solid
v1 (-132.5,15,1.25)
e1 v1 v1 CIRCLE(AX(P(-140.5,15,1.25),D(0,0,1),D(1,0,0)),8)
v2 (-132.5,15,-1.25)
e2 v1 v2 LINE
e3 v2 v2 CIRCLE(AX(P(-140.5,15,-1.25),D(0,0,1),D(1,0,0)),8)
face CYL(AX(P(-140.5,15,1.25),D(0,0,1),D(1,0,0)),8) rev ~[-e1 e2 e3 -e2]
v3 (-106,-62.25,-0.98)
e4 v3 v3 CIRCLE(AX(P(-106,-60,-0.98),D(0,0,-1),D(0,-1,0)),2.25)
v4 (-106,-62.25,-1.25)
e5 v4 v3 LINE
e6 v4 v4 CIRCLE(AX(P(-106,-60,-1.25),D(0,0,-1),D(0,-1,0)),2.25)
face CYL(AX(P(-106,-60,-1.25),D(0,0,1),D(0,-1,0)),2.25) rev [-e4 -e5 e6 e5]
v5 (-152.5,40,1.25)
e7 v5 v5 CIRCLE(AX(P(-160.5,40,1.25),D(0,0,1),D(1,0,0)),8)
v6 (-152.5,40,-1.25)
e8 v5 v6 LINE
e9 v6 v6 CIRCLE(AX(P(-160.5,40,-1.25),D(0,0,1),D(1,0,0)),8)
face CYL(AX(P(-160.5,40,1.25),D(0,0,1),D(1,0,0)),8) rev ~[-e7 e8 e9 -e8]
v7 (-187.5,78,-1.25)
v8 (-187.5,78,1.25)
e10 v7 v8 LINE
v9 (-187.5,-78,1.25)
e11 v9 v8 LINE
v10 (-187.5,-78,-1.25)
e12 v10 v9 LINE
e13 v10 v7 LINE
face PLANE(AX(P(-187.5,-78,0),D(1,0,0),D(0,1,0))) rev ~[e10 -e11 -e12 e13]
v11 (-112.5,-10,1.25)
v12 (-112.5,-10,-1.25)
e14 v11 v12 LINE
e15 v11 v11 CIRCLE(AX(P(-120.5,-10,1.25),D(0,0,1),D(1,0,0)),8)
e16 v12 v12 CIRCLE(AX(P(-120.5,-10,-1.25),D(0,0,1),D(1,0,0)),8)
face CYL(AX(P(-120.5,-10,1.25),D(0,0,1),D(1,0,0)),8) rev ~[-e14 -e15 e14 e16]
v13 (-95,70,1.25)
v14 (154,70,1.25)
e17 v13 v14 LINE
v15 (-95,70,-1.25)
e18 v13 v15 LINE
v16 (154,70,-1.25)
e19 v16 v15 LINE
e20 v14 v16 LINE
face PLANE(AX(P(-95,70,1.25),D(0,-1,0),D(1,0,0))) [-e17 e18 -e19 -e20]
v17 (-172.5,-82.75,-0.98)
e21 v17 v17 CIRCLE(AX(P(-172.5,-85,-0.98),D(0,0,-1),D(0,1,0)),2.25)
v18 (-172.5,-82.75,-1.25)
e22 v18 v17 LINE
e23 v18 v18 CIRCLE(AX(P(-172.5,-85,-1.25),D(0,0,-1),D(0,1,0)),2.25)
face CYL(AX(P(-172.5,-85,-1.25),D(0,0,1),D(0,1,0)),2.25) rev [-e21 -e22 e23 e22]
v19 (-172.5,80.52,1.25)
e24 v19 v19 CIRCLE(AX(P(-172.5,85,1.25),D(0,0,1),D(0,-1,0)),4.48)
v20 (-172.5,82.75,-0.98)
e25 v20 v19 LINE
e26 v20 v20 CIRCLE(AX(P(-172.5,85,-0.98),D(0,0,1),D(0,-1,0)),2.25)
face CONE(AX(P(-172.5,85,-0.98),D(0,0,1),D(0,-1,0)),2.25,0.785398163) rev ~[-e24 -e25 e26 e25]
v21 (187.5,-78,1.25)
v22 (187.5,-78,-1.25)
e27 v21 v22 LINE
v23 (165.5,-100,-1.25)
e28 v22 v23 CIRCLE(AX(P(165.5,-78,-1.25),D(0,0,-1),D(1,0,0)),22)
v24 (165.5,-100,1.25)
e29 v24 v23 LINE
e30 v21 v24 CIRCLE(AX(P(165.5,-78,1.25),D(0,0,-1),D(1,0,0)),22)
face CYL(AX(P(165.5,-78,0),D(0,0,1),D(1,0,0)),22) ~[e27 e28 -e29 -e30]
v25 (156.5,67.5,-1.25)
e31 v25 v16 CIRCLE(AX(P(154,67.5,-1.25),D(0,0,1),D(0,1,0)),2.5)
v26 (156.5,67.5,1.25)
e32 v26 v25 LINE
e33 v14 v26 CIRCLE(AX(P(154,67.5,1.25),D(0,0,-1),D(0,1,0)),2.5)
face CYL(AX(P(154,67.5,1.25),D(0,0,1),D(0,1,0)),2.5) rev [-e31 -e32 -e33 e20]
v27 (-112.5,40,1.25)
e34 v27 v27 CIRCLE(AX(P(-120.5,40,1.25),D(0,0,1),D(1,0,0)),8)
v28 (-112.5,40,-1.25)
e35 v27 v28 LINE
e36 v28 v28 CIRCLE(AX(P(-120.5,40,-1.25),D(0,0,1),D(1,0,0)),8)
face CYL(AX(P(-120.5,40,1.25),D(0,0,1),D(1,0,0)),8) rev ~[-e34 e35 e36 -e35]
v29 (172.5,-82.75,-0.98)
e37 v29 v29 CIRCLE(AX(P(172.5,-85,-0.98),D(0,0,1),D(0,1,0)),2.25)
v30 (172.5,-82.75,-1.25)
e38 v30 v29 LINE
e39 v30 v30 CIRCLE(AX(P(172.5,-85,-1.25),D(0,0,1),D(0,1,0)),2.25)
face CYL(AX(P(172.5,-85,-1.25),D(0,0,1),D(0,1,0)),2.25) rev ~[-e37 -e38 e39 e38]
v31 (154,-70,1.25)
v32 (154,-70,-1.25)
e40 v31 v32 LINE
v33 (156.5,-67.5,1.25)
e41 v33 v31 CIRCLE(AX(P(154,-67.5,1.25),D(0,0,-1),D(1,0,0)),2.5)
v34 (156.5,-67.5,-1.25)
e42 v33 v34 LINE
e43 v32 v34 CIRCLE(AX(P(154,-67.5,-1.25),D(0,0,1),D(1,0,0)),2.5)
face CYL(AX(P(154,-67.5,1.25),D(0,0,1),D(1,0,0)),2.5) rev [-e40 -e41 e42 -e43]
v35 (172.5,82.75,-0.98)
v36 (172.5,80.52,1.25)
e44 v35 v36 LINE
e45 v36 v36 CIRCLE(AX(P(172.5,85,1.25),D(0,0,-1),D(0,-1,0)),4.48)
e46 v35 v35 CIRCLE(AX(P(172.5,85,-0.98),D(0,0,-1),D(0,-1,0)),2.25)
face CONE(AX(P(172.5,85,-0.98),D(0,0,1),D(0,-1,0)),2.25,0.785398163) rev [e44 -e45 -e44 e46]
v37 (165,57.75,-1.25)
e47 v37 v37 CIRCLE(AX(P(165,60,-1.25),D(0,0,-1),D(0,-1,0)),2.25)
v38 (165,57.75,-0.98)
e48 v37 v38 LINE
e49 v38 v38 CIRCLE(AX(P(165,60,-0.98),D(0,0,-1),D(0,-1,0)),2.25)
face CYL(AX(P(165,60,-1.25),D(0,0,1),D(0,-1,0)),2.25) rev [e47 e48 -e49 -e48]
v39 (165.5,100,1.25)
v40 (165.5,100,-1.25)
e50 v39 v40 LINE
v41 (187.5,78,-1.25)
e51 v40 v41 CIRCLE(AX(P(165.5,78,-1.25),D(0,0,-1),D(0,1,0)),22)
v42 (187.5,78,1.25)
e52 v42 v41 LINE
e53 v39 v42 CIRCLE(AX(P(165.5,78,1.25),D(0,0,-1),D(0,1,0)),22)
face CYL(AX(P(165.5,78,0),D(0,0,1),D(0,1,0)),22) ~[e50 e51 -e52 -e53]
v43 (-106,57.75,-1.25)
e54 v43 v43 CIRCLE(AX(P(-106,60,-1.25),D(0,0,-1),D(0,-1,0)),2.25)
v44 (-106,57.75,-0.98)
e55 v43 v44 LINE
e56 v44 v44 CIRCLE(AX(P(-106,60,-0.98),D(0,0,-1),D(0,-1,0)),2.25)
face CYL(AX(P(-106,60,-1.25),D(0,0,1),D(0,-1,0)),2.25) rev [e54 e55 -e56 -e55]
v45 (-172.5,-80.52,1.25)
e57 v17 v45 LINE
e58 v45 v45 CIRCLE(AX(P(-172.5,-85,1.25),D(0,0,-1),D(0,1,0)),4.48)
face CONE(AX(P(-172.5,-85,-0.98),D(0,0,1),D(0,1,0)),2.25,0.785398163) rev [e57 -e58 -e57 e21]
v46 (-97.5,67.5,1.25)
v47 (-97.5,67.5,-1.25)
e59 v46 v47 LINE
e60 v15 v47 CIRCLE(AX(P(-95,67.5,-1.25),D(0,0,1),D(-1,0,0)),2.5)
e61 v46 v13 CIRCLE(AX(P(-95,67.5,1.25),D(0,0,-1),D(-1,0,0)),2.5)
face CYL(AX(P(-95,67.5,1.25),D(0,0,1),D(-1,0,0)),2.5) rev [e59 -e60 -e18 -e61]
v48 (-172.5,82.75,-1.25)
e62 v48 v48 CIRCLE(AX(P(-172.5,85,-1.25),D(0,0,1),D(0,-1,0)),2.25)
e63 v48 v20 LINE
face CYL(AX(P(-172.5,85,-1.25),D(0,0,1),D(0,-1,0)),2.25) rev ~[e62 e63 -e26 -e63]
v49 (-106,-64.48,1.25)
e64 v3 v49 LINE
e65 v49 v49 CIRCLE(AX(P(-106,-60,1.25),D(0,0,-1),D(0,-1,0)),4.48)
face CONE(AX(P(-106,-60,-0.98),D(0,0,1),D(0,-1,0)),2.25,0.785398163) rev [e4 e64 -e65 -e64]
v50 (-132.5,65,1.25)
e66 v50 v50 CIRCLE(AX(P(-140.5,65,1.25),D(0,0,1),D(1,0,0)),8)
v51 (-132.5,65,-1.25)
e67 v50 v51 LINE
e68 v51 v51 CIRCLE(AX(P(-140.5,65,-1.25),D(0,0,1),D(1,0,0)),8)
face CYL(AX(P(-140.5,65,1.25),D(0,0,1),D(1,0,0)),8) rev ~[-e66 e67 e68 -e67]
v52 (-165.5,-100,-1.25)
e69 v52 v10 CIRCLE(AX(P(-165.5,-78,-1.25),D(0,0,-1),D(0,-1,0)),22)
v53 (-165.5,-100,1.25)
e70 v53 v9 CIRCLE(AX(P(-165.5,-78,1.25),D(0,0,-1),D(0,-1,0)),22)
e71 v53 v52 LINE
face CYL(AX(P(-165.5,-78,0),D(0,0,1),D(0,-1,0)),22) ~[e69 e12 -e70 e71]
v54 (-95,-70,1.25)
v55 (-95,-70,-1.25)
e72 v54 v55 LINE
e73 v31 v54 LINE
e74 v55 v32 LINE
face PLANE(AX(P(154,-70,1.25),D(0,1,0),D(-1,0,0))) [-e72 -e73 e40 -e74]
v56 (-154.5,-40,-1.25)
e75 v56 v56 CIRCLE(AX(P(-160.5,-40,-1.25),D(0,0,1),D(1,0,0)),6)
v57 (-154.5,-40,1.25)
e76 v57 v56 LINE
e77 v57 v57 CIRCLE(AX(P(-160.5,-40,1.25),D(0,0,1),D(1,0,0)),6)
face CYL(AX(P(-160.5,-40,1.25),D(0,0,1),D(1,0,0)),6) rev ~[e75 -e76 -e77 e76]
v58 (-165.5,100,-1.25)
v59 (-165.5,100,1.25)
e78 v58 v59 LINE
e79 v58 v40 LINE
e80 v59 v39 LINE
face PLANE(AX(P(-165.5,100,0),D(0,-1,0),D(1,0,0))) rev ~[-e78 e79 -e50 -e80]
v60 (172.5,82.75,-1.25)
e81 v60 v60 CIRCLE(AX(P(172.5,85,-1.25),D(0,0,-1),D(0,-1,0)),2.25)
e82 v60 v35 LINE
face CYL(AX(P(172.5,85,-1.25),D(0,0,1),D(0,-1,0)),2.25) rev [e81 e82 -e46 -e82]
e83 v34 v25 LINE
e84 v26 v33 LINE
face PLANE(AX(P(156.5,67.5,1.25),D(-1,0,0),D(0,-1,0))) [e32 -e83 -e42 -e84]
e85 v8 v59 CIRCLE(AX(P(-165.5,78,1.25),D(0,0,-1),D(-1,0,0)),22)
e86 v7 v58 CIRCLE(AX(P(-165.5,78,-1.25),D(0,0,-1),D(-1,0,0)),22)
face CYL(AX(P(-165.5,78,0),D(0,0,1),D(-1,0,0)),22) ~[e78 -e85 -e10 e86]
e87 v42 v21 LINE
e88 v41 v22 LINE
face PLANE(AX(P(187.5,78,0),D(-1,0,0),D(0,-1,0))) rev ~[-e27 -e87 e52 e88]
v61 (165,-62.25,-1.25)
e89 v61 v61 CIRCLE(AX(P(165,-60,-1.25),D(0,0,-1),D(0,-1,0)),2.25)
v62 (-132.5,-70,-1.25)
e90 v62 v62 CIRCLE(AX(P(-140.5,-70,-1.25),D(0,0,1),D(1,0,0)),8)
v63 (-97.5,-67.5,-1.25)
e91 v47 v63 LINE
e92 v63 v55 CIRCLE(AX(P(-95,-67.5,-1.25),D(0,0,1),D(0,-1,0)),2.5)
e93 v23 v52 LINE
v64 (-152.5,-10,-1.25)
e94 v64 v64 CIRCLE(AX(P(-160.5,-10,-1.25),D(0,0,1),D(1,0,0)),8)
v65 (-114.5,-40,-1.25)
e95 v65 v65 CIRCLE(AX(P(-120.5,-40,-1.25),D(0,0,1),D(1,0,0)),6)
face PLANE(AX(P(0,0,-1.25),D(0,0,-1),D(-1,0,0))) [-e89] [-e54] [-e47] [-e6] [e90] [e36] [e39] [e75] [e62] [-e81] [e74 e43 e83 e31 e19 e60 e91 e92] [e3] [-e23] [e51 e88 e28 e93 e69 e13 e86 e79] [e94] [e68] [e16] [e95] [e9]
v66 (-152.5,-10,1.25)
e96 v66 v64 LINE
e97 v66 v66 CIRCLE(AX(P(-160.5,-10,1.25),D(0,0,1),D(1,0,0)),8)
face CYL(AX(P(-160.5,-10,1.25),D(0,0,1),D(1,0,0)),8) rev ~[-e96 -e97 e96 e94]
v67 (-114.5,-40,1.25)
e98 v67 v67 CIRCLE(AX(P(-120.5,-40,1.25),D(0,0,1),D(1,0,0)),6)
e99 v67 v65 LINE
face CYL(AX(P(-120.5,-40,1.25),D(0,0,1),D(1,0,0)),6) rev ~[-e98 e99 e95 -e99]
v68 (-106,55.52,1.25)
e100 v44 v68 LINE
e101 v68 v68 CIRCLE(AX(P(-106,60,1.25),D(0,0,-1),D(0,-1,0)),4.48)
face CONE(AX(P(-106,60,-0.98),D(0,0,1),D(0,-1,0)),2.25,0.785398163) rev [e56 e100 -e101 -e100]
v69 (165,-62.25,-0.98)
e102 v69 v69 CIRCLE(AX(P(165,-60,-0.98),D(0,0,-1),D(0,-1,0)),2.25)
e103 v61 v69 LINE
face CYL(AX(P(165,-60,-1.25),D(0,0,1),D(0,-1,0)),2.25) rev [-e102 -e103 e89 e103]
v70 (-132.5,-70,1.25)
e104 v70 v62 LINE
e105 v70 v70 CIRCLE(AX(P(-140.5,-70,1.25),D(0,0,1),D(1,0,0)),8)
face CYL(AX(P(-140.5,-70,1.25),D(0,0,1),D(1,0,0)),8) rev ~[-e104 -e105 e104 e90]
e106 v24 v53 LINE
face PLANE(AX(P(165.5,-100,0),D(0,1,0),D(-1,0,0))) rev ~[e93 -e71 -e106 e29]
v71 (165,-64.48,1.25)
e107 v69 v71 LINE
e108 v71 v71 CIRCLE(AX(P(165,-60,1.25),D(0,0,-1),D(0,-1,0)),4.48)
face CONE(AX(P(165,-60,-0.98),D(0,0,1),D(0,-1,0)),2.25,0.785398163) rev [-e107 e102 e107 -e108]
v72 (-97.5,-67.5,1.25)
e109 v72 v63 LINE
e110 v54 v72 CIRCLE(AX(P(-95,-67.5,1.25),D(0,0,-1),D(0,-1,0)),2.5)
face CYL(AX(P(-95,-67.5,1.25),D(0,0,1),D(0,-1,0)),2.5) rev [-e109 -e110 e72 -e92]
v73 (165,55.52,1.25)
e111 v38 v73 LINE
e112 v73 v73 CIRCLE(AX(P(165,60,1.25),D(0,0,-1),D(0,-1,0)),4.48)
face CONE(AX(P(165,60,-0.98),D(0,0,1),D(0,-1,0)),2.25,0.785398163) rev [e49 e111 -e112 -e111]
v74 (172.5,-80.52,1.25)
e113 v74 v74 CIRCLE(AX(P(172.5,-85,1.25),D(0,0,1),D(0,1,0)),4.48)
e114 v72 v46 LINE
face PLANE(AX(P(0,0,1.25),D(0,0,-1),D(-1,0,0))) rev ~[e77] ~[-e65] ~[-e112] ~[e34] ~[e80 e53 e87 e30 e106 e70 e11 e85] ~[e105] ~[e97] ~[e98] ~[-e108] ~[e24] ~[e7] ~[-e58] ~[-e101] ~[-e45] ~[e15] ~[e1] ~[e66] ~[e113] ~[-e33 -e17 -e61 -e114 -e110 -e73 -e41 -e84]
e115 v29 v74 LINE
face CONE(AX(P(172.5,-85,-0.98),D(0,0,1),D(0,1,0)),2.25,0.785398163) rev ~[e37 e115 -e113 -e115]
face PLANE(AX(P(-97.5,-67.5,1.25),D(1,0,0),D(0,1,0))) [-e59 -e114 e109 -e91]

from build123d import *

# Parameters (mm, degrees)
EXTRUDE1_DEPTH                                 = 1.25
CUT_EXTRUDE4_DEPTH                             = 3.5
ESBO_O6_R                                      = 8
ESBO_O6_R_2                                    = 6
CORTE_EXTRUS_O1_DEPTH                          = 10
ESBO_O7_R                                      = 1
CORTE_EXTRUS_O2_DEPTH                          = 3.5
ESCAREADO_PARA_PARAFUSO_ALLEN_SEXTAV_2_A_COUNT = 2
ESCAREADO_PARA_PARAFUSO_ALLEN_SEXTAV_2_A_PITCH = 120
ESCAREADO_PARA_PARAFUSO_ALLEN_SEXTAV_3_COUNT   = 2
ESCAREADO_PARA_PARAFUSO_ALLEN_SEXTAV_3_PITCH   = 296.379823875
ESCAREADO_PARA_PARAFUSO_ALLEN_SEXTAV_4_COUNT   = 2
ESCAREADO_PARA_PARAFUSO_ALLEN_SEXTAV_4_PITCH   = 271


with BuildPart() as part:
    # Sketch1 → Extrude1 (new body, symmetric)
    with BuildSketch(Plane.XY):
        with BuildLine():
            Line((-165.5, 100), (165.5, 100))
            ThreePointArc((165.5, 100), (181.056349186, 93.556349186), (187.5, 78))
            Line((187.5, 78), (187.5, -78))
            ThreePointArc((187.5, -78), (181.056349186, -93.556349186), (165.5, -100))
            Line((165.5, -100), (-165.5, -100))
            ThreePointArc((-165.5, -100), (-181.056349186, -93.556349186), (-187.5, -78))
            Line((-187.5, -78), (-187.5, 78))
            ThreePointArc((-187.5, 78), (-181.056349186, 93.556349186), (-165.5, 100))
        make_face()
    extrude(amount=EXTRUDE1_DEPTH, both=True)

    # Sketch5 → Cut-Extrude4 (cut, through all)
    with BuildSketch(Plane.XY.offset(1.25)):
        with BuildLine():
            Line((-95, 70), (154, 70))
            ThreePointArc((154, 70), (155.767766953, 69.267766953), (156.5, 67.5))
            Line((156.5, 67.5), (156.5, -67.5))
            ThreePointArc((156.5, -67.5), (155.767766953, -69.267766953), (154, -70))
            Line((154, -70), (-95, -70))
            ThreePointArc((-95, -70), (-96.767766953, -69.267766953), (-97.5, -67.5))
            Line((-97.5, -67.5), (-97.5, 67.5))
            ThreePointArc((-97.5, 67.5), (-96.767766953, 69.267766953), (-95, 70))
        make_face()
    extrude(amount=-CUT_EXTRUDE4_DEPTH, mode=Mode.SUBTRACT)

    # Esboço1 → Escareado para parafuso Allen sextavado (revolve, cut)
    with BuildSketch(Plane(origin=(172.5, 85, 1.25), x_dir=(0, -1, 0), z_dir=(1, 0, 0))):
        Polygon((0, 0), (0, 2.5), (2.25, 2.5), (2.25, 2.23), (4.48, 0), align=None)
    escareado_para_parafuso_allen_sextavado = revolve(axis=Axis((172.5, 85, 7.6), (0, 0, -1)), mode=Mode.SUBTRACT)

    # Espelhar2: Escareado para parafuso Allen sextavado across plane
    add(escareado_para_parafuso_allen_sextavado.mirror(Plane(origin=(0, 0, 0), x_dir=(0, 0, 1), z_dir=(1, 0, 0))), mode=Mode.SUBTRACT)

    # Espelhar3: Escareado para parafuso Allen sextavado across plane
    add(escareado_para_parafuso_allen_sextavado.mirror(Plane.ZX), mode=Mode.SUBTRACT)

    # Espelhar3 copy 1 sketch → Espelhar3 copy 1 (revolve, cut)
    with BuildSketch(Plane(origin=(-172.5, -85, 1.25), x_dir=(0, 1, 0), z_dir=(-1, 0, 0))):
        Polygon((0, 0), (0, 2.5), (2.25, 2.5), (2.25, 2.23), (4.48, 0), align=None)
    revolve(axis=Axis((-172.5, -85, 7.6), (0, 0, -1)), mode=Mode.SUBTRACT)

    # Esboço6 → Corte-extrusão1 (cut)
    with BuildSketch(Plane.XY.offset(1.25)):
        with Locations((-140.5, 65)):
            Circle(ESBO_O6_R)
        with Locations((-120.5, 40)):
            Circle(ESBO_O6_R)
        with Locations((-160.5, 40)):
            Circle(ESBO_O6_R)
        with Locations((-140.5, 15)):
            Circle(ESBO_O6_R)
        with Locations((-120.5, -10)):
            Circle(ESBO_O6_R)
        with Locations((-160.5, -10)):
            Circle(ESBO_O6_R)
        with Locations((-140.5, -70)):
            Circle(ESBO_O6_R)
        with Locations((-120.5, -40)):
            Circle(ESBO_O6_R_2)
        with Locations((-160.5, -40)):
            Circle(ESBO_O6_R_2)
    extrude(amount=-CORTE_EXTRUS_O1_DEPTH, mode=Mode.SUBTRACT)

    # Esboço7 → Corte-extrusão2 (cut, through all)
    with BuildSketch(Plane.XY.offset(1.25)):
        with Locations((-106, -60)):
            Circle(ESBO_O7_R)
        with Locations((-106, 60)):
            Circle(ESBO_O7_R)
        with Locations((165, 60)):
            Circle(ESBO_O7_R)
        with Locations((165, -60)):
            Circle(ESBO_O7_R)
    extrude(amount=-CORTE_EXTRUS_O2_DEPTH, mode=Mode.SUBTRACT)

    # Esboço11 → Escareado para parafuso Allen sextav 2 (revolve, cut)
    with BuildSketch(Plane(origin=(-106, 60, 1.25), x_dir=(0, -1, 0), z_dir=(1, 0, 0))):
        Polygon((0, 0), (0, 2.5), (2.25, 2.5), (2.25, 2.23), (4.48, 0), align=None)
    escareado_para_parafuso_allen_sextav_2 = revolve(axis=Axis((-106, 60, 7.6), (0, 0, -1)), mode=Mode.SUBTRACT)

    # Escareado para parafuso Allen sextav 2 a: Escareado para parafuso Allen sextav 2 ×2
    with Locations(*[(0, -i * ESCAREADO_PARA_PARAFUSO_ALLEN_SEXTAV_2_A_PITCH, 0) for i in range(1, ESCAREADO_PARA_PARAFUSO_ALLEN_SEXTAV_2_A_COUNT)]):
        add(escareado_para_parafuso_allen_sextav_2, mode=Mode.SUBTRACT)

    # Escareado para parafuso Allen sextav 3: Escareado para parafuso Allen sextav 2 ×2
    with Locations(*[Vector(0.914367235, -0.40488586, 0) * (i * ESCAREADO_PARA_PARAFUSO_ALLEN_SEXTAV_3_PITCH) for i in range(1, ESCAREADO_PARA_PARAFUSO_ALLEN_SEXTAV_3_COUNT)]):
        add(escareado_para_parafuso_allen_sextav_2, mode=Mode.SUBTRACT)

    # Escareado para parafuso Allen sextav 4: Escareado para parafuso Allen sextav 2 ×2
    with Locations(*[(i * ESCAREADO_PARA_PARAFUSO_ALLEN_SEXTAV_4_PITCH, 0, 0) for i in range(1, ESCAREADO_PARA_PARAFUSO_ALLEN_SEXTAV_4_COUNT)]):
        add(escareado_para_parafuso_allen_sextav_2, mode=Mode.SUBTRACT)


solid = part.part
